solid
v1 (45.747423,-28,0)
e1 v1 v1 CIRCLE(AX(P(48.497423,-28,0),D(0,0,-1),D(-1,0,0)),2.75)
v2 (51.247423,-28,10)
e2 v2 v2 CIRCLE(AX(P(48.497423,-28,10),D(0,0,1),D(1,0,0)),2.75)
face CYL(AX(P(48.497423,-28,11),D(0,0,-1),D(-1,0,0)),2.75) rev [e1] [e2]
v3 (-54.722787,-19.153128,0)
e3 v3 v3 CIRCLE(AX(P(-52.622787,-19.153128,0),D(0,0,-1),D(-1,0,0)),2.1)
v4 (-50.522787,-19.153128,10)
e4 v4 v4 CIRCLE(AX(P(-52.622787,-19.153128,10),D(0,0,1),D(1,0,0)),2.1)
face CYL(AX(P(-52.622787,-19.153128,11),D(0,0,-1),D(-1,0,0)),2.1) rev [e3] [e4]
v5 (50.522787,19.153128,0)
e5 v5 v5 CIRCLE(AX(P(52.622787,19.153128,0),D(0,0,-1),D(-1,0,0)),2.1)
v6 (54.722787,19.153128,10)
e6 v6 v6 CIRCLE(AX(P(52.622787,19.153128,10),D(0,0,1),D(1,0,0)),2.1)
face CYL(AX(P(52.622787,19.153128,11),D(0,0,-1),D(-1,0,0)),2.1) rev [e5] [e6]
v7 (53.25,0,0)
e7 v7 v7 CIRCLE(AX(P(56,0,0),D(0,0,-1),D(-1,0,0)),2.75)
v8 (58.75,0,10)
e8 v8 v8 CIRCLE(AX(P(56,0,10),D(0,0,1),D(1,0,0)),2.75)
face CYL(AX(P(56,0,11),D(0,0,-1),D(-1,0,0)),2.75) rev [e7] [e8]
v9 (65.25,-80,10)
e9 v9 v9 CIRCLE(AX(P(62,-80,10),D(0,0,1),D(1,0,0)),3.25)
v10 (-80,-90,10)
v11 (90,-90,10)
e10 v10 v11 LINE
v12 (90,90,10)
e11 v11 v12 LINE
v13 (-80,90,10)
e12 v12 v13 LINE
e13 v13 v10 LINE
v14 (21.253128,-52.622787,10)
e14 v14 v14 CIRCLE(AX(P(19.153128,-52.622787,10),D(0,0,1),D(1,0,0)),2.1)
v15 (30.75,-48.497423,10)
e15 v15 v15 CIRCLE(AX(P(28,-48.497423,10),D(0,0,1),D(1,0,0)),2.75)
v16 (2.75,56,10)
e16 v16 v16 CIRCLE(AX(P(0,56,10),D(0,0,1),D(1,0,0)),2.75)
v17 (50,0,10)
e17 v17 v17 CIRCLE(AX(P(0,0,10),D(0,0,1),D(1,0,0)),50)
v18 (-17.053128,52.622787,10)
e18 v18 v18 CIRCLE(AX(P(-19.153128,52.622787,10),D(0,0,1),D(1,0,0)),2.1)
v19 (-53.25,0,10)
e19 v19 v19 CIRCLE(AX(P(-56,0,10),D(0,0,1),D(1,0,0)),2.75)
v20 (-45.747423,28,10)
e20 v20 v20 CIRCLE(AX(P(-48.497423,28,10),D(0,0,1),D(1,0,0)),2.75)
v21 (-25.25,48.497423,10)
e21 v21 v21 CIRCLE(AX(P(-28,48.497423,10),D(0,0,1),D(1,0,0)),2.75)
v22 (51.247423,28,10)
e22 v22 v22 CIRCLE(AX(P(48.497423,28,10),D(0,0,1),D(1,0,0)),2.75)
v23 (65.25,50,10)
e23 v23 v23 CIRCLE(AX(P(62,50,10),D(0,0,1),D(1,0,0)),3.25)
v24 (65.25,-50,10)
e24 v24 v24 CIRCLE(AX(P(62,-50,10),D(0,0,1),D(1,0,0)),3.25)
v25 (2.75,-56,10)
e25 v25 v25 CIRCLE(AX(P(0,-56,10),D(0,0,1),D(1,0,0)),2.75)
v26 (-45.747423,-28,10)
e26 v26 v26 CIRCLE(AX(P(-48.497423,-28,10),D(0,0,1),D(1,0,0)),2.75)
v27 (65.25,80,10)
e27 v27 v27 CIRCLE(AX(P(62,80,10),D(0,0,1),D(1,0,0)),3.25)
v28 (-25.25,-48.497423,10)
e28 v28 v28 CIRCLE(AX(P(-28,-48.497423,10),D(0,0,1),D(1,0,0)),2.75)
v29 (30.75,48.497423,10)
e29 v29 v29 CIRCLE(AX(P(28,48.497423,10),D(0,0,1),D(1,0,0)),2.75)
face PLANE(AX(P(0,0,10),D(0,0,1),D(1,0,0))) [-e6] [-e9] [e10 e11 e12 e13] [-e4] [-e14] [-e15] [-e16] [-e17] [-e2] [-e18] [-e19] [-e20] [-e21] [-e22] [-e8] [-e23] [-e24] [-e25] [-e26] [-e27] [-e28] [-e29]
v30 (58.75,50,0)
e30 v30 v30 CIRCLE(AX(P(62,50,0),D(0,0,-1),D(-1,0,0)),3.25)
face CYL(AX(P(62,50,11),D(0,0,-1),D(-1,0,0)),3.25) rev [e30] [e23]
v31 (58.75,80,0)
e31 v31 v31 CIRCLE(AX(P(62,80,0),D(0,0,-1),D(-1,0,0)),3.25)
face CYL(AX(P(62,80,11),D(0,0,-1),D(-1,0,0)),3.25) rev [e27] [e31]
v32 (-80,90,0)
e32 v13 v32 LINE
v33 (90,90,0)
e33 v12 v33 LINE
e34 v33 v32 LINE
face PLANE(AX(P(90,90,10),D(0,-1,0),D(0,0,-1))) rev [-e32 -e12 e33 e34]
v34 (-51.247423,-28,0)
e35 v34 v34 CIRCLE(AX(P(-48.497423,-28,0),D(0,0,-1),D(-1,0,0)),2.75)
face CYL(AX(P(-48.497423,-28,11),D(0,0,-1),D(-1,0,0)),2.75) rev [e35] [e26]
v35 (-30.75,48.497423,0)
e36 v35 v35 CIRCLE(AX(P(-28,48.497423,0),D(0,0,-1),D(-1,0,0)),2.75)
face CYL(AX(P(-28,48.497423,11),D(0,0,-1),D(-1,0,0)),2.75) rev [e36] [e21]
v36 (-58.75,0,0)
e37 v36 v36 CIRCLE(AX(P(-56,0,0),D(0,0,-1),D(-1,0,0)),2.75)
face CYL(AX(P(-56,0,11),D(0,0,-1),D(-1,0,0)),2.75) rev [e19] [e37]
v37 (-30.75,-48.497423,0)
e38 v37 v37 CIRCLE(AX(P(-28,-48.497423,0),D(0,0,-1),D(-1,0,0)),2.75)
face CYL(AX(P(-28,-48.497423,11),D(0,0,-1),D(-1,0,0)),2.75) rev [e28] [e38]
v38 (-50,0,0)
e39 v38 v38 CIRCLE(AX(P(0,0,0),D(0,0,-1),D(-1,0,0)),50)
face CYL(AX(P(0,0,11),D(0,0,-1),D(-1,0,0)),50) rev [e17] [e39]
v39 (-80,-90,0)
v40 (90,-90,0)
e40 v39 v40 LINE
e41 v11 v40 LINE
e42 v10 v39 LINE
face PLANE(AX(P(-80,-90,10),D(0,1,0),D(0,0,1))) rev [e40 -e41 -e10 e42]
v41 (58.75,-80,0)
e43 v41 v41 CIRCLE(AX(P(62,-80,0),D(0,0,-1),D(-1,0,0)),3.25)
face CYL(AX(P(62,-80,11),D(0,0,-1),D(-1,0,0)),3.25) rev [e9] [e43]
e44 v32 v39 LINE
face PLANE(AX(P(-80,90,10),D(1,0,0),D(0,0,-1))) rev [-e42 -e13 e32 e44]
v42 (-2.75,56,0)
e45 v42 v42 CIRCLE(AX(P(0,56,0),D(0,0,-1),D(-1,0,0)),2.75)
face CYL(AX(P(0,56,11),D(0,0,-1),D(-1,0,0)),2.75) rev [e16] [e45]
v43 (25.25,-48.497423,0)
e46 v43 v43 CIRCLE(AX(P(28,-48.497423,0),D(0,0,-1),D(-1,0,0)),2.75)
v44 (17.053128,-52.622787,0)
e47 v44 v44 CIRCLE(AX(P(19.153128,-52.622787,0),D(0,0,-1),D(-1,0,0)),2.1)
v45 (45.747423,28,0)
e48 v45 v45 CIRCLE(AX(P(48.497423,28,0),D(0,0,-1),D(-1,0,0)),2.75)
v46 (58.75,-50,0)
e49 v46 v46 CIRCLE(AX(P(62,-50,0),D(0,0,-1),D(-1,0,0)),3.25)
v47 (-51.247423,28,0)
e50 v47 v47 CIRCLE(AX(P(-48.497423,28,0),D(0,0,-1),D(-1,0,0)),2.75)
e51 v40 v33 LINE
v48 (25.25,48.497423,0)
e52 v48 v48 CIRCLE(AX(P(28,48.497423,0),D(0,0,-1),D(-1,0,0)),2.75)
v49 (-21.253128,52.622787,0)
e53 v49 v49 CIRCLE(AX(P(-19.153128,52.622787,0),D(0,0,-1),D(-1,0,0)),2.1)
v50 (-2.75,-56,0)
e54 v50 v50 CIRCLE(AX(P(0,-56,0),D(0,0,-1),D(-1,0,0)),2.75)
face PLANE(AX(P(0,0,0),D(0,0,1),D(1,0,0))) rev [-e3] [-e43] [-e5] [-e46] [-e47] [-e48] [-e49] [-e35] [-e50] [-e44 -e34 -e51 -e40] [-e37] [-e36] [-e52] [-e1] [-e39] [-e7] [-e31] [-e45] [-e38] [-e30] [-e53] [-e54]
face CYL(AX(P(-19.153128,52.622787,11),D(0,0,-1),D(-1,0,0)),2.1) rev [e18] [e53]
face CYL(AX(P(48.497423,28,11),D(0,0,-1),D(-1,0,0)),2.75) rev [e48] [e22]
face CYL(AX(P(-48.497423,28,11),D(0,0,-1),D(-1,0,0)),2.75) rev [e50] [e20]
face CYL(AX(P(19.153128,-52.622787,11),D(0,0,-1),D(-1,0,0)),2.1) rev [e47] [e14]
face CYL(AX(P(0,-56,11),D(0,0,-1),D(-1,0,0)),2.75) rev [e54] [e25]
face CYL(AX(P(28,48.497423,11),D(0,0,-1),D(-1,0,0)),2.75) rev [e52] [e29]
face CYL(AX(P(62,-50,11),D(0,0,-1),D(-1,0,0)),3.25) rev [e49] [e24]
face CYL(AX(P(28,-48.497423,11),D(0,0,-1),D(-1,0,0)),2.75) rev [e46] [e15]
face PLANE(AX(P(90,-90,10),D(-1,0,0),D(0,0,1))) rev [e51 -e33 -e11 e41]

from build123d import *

# Parameters (mm, degrees)
SKETCH_1_W          = 170
SKETCH_1_H          = 180
EXTRUDE_1_DEPTH     = 10
SKETCH_2_R          = 50
SKETCH_2_R_2        = 2.75
SKETCH_2_R_3        = 2.1
SKETCH_2_R_4        = 3.25
CUT_EXTRUDE_1_DEPTH = 11


with BuildPart() as part:
    # 草图1 → 凸台-拉伸1 (new body)
    with BuildSketch(Plane.XY):
        with Locations((5, 0)):
            Rectangle(SKETCH_1_W, SKETCH_1_H)
    extrude(amount=EXTRUDE_1_DEPTH)

    # 草图2 → 切除-拉伸1 (cut)
    with BuildSketch(Plane(origin=(0, 0, 0), x_dir=(-1, 0, 0), z_dir=(0, 0, -1))):
        Circle(SKETCH_2_R)
        with Locations((-56, 0)):
            Circle(SKETCH_2_R_2)
        with Locations((-48.497422612, 28)):
            Circle(SKETCH_2_R_2)
        with Locations((-28, 48.497422612)):
            Circle(SKETCH_2_R_2)
        with Locations((0, 56)):
            Circle(SKETCH_2_R_2)
        with Locations((28, 48.497422612)):
            Circle(SKETCH_2_R_2)
        with Locations((48.497422612, 28)):
            Circle(SKETCH_2_R_2)
        with Locations((56, 0)):
            Circle(SKETCH_2_R_2)
        with Locations((48.497422612, -28)):
            Circle(SKETCH_2_R_2)
        with Locations((28, -48.497422612)):
            Circle(SKETCH_2_R_2)
        with Locations((0, -56)):
            Circle(SKETCH_2_R_2)
        with Locations((-28, -48.497422612)):
            Circle(SKETCH_2_R_2)
        with Locations((-48.497422612, -28)):
            Circle(SKETCH_2_R_2)
        with Locations((-52.622786764, 19.153128026)):
            Circle(SKETCH_2_R_3)
        with Locations((19.153128026, 52.622786764)):
            Circle(SKETCH_2_R_3)
        with Locations((52.622786764, -19.153128026)):
            Circle(SKETCH_2_R_3)
        with Locations((-19.153128026, -52.622786764)):
            Circle(SKETCH_2_R_3)
        with Locations((-62, -80)):
            Circle(SKETCH_2_R_4)
        with Locations((-62, -50)):
            Circle(SKETCH_2_R_4)
        with Locations((-62, 50)):
            Circle(SKETCH_2_R_4)
        with Locations((-62, 80)):
            Circle(SKETCH_2_R_4)
    extrude(amount=-CUT_EXTRUDE_1_DEPTH, mode=Mode.SUBTRACT)


solid = part.part
